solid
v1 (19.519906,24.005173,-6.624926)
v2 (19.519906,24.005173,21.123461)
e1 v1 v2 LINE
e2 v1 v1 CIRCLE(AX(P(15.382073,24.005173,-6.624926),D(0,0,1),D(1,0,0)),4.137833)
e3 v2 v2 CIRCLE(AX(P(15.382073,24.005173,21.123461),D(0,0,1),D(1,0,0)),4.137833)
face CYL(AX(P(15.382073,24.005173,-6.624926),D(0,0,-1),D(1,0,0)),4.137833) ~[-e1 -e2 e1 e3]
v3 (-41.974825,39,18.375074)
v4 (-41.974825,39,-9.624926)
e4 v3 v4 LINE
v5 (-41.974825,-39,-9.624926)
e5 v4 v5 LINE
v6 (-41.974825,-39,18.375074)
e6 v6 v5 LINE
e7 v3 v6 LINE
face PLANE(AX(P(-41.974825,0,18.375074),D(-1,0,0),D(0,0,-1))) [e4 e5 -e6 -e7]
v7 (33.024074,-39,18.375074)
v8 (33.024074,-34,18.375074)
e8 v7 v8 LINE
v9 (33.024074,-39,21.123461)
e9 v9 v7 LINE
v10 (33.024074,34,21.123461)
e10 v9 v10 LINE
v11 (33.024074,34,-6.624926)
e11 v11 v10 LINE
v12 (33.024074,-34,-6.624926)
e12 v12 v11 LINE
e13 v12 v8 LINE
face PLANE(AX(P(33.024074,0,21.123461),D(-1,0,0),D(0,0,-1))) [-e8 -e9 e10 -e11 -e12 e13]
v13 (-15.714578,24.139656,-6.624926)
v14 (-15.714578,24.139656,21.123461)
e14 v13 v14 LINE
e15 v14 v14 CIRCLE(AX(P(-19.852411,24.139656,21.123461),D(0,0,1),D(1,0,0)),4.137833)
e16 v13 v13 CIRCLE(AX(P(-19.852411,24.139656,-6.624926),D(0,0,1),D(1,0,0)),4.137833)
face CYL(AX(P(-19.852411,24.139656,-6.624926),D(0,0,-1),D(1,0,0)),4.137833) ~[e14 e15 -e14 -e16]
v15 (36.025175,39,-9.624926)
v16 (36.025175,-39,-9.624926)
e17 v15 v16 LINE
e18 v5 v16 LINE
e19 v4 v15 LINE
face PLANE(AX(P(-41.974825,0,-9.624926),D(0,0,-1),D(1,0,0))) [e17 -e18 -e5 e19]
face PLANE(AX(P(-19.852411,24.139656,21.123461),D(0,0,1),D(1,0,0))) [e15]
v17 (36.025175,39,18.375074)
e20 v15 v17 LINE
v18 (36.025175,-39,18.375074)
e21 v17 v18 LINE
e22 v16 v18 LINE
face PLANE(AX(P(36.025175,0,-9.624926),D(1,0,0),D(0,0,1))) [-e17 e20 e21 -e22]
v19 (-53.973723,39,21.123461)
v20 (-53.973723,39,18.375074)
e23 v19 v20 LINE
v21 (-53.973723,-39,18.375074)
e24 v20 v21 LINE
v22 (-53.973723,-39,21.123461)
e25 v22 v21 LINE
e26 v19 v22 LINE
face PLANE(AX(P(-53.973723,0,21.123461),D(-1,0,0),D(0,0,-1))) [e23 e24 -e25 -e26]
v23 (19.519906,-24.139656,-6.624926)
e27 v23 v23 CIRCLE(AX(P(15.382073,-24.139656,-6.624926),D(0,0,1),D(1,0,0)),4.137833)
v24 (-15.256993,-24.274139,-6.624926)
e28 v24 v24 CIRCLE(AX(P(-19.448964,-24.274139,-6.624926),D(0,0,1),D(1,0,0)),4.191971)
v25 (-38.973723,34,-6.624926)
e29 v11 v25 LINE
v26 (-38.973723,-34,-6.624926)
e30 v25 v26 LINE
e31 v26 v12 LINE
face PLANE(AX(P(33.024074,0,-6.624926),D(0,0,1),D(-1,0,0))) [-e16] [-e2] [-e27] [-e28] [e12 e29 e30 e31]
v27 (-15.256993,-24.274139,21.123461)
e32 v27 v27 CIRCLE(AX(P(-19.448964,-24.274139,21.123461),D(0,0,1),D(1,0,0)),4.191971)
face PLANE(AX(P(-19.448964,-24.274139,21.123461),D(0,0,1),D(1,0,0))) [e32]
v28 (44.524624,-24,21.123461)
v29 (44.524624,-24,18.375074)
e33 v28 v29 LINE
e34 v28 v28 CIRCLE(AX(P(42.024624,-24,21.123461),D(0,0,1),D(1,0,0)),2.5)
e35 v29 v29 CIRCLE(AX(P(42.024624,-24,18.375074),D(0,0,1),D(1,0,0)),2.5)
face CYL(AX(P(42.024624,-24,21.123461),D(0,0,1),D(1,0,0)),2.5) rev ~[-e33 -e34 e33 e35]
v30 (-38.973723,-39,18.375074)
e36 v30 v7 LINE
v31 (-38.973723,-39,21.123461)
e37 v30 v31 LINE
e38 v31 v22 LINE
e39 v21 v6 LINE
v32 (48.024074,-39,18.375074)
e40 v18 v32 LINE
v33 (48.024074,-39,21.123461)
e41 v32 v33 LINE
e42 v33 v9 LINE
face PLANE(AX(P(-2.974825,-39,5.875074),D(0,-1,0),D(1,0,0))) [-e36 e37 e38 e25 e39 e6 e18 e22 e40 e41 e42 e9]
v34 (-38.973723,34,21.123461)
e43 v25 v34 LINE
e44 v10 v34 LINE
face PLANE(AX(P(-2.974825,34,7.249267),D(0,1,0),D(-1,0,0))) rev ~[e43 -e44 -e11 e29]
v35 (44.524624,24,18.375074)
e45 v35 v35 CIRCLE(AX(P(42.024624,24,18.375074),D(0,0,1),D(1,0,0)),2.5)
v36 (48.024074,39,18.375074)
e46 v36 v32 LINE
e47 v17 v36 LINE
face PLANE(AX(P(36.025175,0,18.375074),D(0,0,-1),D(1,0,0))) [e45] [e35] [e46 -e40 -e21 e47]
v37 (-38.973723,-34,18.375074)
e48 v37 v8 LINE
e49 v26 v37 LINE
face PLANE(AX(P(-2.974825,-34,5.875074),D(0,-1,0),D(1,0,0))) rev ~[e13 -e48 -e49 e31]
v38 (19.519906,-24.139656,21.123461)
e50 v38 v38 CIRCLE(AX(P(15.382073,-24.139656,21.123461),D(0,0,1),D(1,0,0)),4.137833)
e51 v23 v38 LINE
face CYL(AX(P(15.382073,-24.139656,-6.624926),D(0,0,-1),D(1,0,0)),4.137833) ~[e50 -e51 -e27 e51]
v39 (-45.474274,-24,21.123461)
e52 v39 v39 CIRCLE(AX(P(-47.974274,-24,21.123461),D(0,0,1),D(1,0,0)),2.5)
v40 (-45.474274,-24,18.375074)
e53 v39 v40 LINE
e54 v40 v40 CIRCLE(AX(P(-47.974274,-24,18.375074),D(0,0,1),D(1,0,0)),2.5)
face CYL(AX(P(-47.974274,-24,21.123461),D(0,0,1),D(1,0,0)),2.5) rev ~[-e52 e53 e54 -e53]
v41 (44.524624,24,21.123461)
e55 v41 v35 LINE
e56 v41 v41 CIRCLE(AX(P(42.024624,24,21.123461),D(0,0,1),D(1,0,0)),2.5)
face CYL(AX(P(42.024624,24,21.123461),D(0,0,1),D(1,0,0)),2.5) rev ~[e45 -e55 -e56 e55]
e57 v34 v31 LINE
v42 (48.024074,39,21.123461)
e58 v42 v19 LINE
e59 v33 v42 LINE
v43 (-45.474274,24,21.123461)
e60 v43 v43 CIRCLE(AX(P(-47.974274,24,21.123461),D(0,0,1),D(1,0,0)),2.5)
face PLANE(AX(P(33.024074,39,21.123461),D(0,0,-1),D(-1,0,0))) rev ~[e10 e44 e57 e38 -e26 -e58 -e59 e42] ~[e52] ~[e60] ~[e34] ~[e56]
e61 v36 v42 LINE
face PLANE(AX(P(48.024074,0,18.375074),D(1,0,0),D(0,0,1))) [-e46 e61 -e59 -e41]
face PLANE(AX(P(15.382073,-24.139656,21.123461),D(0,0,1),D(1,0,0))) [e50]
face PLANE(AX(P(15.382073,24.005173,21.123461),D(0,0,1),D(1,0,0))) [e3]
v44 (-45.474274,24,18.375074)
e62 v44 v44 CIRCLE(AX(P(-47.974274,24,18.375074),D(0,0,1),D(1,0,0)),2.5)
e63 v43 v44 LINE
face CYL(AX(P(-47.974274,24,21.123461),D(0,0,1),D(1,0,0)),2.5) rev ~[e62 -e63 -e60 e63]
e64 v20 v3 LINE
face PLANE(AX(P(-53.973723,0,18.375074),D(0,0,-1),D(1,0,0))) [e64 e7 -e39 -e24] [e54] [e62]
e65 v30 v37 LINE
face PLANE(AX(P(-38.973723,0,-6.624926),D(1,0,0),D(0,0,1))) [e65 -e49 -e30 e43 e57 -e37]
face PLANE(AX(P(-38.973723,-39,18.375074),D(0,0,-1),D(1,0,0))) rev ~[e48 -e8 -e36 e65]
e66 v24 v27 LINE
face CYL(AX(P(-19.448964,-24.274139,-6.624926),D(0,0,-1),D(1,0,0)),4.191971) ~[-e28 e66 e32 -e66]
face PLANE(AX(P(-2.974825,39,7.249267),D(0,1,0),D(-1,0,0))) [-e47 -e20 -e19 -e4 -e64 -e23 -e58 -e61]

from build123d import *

# Parameters (mm, degrees)
F1_DEPTH = 39
F2_R     = 2.5
F3_DEPTH = 2.748386896
F4_R     = 4.1378331658
F4_R_2   = 4.1919705303
F5_DEPTH = 27.748386896
F6_W     = 71.9977971367
F6_H     = 25
F7_DEPTH = 5
F8_W     = 71.9977971367
F8_H     = 27.748386896
F9_DEPTH = 5


with BuildPart() as f1:
    # F0 (on Front) → F1 (new body, symmetric)
    with BuildSketch(Plane.XZ):
        Polygon((33.0240737289, -6.6249261405), (-2.9748248395, -6.6249261405), (-2.9748248395, -9.6249261405), (36.0251751605, -9.6249261405), (36.0251751605, 18.3750738595), (48.0240737289, 18.3750738595), (48.0240737289, 21.1234607555), (33.0240737289, 21.1234607555), align=None)
        Polygon((-2.9748248395, -9.6249261405), (-2.9748248395, -6.6249261405), (-38.9737234078, -6.6249261405), (-38.9737234078, 21.1234607555), (-53.9737234078, 21.1234607555), (-53.9737234078, 18.3750738595), (-41.9748248395, 18.3750738595), (-41.9748248395, -9.6249261405), align=None)
    extrude(amount=F1_DEPTH, both=True)

    # F2 (on face) → F3 (cut, through all)
    with BuildSketch(Plane.XY.offset(21.1234607555)):
        with Locations((42.0246244447, -24)):
            Circle(F2_R)
        with Locations((42.0246244447, 24)):
            Circle(F2_R)
        with Locations((-47.9742741236, 24)):
            Circle(F2_R)
        with Locations((-47.9742741236, -24)):
            Circle(F2_R)
    extrude(amount=-F3_DEPTH, mode=Mode.SUBTRACT)

    # F4 (on face) → F5 (join, through all)
    with BuildSketch(Plane.XY.offset(-6.6249261405)):
        with Locations((15.3820728883, 24.0051727742)):
            Circle(F4_R)
        with Locations((15.3820728883, -24.139655754)):
            Circle(F4_R)
        with Locations((-19.8524110019, 24.139655754)):
            Circle(F4_R)
        with Locations((-19.4489639252, -24.2741387337)):
            Circle(F4_R_2)
    extrude(amount=F5_DEPTH)

    # F6 (on face) → F7 (join)
    with BuildSketch(Plane.XZ.offset(39)):
        with Locations((-2.9748248395, 5.8750738595)):
            Rectangle(F6_W, F6_H)
    extrude(amount=-F7_DEPTH)

    # F8 (on face) → F9 (join)
    with BuildSketch(Plane(origin=(0, 39, 0), x_dir=(-1, 0, 0), z_dir=(0, 1, 0))):
        with Locations((2.9748248395, 7.2492673075)):
            Rectangle(F8_W, F8_H)
    extrude(amount=-F9_DEPTH)


solid = f1.part
